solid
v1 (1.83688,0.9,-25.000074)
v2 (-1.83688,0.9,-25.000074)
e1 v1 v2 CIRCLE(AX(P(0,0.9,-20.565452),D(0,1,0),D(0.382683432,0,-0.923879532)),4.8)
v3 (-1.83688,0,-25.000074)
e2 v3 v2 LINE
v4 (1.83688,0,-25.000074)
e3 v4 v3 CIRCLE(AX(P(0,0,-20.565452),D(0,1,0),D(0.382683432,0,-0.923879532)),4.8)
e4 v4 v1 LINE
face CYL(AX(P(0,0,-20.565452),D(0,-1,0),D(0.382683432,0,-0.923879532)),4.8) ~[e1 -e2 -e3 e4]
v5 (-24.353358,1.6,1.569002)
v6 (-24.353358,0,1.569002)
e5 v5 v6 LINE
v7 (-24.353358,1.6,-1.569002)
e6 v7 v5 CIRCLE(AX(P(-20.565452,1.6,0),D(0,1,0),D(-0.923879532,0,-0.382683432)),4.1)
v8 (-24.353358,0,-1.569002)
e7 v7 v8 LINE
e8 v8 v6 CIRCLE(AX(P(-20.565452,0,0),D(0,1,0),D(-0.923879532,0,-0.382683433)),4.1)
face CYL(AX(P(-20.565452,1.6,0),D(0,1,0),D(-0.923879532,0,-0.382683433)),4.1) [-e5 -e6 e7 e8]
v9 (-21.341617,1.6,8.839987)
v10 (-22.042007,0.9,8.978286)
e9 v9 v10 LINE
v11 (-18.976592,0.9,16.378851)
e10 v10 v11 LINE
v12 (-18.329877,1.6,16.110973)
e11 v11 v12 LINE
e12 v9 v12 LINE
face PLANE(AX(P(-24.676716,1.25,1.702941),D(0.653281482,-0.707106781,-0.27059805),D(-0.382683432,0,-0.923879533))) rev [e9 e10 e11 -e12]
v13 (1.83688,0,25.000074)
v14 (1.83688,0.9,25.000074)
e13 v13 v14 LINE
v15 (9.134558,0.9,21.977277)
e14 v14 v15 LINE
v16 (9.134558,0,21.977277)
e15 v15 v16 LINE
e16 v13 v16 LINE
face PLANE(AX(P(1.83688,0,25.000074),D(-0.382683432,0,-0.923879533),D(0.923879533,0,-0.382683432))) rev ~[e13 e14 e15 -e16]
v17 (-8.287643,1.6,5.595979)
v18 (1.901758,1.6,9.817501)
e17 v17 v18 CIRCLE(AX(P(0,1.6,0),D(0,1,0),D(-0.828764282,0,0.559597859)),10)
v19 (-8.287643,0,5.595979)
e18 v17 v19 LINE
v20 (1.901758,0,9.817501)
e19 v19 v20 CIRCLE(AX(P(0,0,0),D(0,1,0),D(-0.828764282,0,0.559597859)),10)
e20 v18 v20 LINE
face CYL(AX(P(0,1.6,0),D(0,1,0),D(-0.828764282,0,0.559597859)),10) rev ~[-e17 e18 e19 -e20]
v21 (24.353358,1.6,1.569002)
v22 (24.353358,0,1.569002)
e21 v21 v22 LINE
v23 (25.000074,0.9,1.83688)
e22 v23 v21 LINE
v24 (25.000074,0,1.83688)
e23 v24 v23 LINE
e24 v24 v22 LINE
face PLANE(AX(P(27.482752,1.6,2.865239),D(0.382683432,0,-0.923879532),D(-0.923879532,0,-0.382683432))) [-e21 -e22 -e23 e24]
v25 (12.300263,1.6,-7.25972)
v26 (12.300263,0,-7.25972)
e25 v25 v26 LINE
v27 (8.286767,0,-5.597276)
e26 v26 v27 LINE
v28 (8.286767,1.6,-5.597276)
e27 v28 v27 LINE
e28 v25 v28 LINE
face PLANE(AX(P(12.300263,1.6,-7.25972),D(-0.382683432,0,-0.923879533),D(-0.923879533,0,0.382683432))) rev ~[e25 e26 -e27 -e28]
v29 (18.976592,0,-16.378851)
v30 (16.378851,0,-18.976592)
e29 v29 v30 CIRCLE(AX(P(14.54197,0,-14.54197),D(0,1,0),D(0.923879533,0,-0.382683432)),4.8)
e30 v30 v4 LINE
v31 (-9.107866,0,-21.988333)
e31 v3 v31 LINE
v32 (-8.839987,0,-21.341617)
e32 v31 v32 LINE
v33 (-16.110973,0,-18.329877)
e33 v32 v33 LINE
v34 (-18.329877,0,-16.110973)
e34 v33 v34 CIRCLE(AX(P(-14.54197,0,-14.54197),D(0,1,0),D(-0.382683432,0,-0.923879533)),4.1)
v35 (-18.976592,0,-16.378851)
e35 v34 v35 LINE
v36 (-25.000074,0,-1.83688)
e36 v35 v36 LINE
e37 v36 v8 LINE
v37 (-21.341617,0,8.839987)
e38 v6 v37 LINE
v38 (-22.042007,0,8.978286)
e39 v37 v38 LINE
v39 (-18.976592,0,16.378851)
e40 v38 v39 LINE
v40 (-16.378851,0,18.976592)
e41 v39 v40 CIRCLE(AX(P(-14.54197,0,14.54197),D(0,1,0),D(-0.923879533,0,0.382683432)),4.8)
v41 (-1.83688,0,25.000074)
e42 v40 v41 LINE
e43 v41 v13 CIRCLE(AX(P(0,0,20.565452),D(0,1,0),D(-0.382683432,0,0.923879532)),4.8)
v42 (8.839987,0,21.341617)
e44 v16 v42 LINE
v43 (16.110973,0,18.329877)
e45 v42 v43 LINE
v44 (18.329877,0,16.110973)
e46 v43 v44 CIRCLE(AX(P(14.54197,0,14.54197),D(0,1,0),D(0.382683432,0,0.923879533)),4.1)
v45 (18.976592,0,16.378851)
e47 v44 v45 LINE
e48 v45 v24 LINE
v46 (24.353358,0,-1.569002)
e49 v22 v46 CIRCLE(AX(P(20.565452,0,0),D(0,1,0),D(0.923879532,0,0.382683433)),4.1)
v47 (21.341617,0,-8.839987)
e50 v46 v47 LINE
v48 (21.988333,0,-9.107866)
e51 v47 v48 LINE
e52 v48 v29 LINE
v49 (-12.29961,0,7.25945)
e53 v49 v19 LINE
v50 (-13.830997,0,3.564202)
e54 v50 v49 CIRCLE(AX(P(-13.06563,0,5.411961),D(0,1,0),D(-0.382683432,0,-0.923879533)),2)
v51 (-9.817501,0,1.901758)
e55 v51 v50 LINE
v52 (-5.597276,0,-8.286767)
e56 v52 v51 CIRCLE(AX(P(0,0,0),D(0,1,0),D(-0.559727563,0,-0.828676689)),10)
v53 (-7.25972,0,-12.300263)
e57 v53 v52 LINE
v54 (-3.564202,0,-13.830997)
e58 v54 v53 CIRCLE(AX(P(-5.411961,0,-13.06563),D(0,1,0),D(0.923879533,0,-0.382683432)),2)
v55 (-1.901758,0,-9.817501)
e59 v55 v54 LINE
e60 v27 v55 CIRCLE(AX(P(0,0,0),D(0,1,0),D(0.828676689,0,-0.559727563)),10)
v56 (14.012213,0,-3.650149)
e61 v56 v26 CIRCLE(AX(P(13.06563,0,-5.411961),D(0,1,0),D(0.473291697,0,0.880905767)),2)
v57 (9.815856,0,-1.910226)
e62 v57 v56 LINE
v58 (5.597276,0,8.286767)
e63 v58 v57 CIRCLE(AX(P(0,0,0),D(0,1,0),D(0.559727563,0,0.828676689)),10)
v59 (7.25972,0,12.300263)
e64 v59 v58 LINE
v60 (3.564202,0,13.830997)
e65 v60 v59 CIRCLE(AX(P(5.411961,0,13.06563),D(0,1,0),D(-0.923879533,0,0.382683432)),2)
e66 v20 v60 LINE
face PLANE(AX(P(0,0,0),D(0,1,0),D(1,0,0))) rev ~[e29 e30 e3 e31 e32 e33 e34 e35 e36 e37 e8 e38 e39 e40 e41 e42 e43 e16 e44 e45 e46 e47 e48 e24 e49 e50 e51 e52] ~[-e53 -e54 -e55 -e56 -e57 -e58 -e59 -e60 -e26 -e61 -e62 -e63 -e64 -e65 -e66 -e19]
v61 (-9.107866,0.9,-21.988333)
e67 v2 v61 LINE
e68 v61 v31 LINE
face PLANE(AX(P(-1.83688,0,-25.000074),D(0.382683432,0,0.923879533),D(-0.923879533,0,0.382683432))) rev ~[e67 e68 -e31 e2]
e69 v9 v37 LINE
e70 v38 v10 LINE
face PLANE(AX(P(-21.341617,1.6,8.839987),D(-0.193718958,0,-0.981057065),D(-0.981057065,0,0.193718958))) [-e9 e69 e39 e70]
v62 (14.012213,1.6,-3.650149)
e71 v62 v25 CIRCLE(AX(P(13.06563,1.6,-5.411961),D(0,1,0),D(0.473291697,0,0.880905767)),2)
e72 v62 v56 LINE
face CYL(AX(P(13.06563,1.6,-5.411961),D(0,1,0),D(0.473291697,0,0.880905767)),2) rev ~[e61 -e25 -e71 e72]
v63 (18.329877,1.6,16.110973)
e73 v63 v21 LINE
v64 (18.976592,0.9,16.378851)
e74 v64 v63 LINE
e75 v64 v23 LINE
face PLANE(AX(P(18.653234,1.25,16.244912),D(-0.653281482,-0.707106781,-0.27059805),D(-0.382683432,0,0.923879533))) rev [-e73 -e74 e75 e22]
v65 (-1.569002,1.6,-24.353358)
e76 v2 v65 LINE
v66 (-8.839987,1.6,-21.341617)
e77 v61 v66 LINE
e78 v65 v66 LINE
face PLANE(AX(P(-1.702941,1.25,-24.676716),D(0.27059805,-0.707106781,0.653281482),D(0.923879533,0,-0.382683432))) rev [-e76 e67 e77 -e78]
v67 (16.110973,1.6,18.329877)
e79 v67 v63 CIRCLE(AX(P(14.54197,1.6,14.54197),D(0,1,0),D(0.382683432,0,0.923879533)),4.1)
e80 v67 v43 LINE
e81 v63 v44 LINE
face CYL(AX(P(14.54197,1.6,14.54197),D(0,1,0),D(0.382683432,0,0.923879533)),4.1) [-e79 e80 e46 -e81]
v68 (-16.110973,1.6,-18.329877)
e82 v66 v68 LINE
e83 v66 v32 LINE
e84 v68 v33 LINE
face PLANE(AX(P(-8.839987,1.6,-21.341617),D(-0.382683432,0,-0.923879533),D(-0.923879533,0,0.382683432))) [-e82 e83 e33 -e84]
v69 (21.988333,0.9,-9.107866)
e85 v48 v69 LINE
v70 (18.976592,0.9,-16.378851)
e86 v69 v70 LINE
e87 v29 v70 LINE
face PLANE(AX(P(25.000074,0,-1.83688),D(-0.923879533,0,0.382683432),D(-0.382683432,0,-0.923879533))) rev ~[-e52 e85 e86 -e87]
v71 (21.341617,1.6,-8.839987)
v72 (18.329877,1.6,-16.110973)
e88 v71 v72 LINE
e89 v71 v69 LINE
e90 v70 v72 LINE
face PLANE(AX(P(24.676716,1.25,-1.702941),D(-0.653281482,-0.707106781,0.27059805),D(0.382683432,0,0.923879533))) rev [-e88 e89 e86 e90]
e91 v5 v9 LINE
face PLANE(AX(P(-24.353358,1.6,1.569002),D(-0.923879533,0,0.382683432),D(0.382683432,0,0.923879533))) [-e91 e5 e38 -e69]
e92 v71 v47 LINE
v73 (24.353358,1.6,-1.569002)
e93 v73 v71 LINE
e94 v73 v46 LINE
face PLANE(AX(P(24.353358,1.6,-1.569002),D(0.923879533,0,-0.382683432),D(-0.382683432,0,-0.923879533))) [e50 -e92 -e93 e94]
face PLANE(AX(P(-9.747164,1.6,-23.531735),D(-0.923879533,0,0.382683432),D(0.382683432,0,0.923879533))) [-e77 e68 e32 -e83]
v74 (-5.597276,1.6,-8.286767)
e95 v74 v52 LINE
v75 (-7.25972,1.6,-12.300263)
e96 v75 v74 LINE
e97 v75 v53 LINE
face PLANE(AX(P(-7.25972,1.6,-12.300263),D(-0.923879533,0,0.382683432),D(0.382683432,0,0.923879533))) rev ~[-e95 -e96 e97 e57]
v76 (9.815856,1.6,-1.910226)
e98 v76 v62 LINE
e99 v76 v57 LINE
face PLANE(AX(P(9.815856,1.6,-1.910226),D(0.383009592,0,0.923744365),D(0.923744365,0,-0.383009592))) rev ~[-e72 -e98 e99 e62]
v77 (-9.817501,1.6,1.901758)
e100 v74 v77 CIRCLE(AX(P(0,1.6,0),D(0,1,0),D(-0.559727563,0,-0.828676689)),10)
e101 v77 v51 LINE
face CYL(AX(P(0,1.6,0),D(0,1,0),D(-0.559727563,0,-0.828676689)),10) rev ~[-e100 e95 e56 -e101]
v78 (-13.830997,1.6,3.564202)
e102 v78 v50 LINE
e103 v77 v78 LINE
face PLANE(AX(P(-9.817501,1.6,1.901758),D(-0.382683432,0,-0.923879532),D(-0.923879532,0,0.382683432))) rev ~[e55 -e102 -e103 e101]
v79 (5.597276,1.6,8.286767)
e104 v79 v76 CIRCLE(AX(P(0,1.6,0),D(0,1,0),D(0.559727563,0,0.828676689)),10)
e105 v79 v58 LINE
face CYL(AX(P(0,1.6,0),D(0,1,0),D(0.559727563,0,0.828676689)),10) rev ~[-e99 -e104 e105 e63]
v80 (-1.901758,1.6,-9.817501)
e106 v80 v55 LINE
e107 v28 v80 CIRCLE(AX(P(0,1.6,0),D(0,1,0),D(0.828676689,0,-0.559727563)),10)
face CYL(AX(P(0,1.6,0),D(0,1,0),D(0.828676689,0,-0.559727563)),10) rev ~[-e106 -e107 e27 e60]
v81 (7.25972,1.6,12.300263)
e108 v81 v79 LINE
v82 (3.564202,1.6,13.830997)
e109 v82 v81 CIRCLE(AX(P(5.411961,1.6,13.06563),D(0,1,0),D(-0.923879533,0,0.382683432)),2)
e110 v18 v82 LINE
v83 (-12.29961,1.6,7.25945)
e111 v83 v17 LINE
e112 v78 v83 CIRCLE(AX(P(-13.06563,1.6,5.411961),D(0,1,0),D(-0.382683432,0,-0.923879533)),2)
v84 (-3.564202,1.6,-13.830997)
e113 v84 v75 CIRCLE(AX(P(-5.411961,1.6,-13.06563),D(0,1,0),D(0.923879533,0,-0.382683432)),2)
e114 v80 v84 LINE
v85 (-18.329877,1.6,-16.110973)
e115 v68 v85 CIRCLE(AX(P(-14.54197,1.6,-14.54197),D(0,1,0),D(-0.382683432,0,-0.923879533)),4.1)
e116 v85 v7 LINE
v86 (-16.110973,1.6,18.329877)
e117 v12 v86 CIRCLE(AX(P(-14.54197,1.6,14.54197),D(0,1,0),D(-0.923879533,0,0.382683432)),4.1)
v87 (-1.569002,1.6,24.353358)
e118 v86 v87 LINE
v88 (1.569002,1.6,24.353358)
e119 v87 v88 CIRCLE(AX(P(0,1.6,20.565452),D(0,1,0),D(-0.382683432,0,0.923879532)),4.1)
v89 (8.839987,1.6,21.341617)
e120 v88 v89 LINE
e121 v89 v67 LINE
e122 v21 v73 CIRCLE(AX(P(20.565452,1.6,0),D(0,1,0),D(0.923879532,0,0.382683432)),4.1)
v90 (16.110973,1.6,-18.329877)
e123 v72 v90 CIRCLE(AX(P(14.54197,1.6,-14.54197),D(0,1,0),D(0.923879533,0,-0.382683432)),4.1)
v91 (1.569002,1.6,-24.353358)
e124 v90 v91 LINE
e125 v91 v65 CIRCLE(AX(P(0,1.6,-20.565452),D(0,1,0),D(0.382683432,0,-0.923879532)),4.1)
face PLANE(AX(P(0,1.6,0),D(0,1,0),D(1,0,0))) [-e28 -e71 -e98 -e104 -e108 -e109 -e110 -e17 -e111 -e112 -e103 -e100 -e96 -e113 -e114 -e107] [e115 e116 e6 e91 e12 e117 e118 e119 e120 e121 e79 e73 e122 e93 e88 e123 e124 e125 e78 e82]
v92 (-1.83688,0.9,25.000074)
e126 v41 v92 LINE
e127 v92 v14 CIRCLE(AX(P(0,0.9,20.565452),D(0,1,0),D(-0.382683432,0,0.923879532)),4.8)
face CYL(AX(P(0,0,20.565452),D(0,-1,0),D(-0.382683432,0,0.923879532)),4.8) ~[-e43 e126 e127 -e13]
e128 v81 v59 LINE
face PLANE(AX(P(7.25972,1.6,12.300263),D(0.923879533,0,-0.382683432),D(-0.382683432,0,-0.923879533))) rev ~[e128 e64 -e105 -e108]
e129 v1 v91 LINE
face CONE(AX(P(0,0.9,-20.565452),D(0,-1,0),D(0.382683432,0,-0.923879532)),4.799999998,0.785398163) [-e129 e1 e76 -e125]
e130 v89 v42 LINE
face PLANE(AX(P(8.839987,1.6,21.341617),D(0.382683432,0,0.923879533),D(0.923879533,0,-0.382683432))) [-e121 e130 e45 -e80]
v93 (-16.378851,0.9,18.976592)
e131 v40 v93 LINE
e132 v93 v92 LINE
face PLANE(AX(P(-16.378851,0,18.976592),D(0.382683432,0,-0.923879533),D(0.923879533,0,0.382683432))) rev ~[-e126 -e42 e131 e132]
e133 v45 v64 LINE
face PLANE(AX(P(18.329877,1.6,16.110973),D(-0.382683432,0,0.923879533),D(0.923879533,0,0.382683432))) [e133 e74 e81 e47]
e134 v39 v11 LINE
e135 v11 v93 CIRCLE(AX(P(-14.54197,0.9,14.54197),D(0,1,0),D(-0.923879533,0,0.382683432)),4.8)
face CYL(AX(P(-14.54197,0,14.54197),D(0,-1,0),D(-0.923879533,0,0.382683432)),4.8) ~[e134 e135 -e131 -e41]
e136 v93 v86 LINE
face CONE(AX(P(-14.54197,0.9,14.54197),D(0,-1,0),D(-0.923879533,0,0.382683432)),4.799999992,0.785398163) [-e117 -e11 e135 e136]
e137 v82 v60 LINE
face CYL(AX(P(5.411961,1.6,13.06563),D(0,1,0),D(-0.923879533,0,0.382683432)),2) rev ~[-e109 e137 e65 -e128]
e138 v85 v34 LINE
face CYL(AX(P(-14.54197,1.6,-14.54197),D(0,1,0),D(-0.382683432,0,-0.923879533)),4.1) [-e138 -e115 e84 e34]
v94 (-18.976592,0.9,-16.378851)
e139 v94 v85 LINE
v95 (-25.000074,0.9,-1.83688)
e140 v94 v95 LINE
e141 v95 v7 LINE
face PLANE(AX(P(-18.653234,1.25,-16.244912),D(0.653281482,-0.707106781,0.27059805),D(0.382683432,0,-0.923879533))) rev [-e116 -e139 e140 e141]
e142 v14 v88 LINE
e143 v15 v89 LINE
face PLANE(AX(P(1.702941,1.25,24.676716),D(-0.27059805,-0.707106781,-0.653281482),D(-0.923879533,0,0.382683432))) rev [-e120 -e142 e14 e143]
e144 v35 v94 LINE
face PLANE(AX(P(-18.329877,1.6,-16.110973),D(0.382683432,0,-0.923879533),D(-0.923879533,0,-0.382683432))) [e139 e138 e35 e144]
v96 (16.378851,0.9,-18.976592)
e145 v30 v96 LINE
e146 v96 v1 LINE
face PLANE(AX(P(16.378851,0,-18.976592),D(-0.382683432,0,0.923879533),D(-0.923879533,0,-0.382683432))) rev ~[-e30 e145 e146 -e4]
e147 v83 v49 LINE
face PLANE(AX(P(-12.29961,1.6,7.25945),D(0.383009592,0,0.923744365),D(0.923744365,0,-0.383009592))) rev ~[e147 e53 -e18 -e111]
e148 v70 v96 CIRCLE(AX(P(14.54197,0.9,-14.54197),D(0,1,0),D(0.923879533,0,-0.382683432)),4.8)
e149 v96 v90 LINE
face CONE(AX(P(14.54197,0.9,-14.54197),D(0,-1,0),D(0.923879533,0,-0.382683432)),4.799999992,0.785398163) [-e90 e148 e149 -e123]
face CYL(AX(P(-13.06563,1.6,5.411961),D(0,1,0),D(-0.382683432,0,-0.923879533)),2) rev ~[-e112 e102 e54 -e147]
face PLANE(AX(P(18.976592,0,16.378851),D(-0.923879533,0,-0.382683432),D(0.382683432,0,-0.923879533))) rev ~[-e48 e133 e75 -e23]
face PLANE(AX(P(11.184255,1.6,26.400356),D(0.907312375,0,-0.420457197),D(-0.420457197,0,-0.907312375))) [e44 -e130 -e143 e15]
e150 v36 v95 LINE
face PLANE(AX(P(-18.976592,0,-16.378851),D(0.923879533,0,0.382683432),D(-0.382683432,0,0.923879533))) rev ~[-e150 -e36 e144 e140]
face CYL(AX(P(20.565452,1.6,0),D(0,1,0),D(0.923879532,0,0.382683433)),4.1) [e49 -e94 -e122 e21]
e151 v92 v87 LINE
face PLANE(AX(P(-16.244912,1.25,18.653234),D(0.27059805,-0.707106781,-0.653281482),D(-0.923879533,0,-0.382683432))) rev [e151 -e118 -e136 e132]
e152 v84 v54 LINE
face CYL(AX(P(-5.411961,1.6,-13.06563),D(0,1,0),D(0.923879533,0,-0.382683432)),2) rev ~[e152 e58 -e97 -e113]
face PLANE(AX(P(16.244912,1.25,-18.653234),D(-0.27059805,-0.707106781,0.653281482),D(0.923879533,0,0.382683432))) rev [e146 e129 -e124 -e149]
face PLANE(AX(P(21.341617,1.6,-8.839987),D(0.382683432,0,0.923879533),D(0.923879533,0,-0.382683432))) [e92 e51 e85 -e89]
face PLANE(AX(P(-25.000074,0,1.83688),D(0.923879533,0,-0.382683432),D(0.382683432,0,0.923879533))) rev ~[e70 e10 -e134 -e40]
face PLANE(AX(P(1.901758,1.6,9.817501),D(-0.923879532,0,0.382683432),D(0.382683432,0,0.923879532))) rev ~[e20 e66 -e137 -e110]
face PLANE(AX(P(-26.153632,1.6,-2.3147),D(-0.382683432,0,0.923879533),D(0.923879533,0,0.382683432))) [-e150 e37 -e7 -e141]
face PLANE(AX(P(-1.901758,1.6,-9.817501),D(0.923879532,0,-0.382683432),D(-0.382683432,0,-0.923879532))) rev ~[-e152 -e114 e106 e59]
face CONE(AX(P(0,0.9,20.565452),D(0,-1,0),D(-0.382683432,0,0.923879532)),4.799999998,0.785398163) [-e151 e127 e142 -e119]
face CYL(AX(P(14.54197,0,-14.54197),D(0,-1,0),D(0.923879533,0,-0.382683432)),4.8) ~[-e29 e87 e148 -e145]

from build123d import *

# Parameters (mm, degrees)
BOSS_EXTRUDE1_DEPTH = 1.6
CHAMFER1_SIZE       = 0.7
CUT_EXTRUDE1_DEPTH  = 10
CUT_EXTRUDE2_DEPTH  = 10


with BuildPart() as part:
    # Sketch1 → Boss-Extrude1 (new body)
    with BuildSketch(Plane(origin=(0, 0, 0), x_dir=(1, 0, 0), z_dir=(0, 1, 0))):
        with BuildLine():
            Line((-9.10786569, -21.988332874), (-1.836880475, -25.000073562))
            ThreePointArc((-1.836880475, -25.000073562), (0, -25.365451806), (1.836880475, -25.000073562))
            Line((1.836880475, -25.000073562), (16.378850905, -18.976592186))
            ThreePointArc((16.378850905, -18.976592186), (17.93608298, -17.93608298), (18.976592186, -16.378850905))
            Line((18.976592186, -16.378850905), (25.000073562, -1.836880475))
            ThreePointArc((25.000073562, -1.836880475), (25.365451806, 0), (25.000073562, 1.836880475))
            Line((25.000073562, 1.836880475), (18.976592186, 16.378850905))
            ThreePointArc((18.976592186, 16.378850905), (17.93608298, 17.93608298), (16.378850905, 18.976592186))
            Line((16.378850905, 18.976592186), (1.836880475, 25.000073562))
            ThreePointArc((1.836880475, 25.000073562), (0, 25.365451806), (-1.836880475, 25.000073562))
            Line((-1.836880475, 25.000073562), (-16.378850905, 18.976592186))
            ThreePointArc((-16.378850905, 18.976592186), (-17.93608298, 17.93608298), (-18.976592186, 16.378850905))
            Line((-18.976592186, 16.378850905), (-25.000073562, 1.836880475))
            ThreePointArc((-25.000073562, 1.836880475), (-25.365451806, 0), (-25.000073562, -1.836880475))
            Line((-25.000073562, -1.836880475), (-18.976592186, -16.378850905))
            ThreePointArc((-18.976592186, -16.378850905), (-17.93608298, -17.93608298), (-16.378850905, -18.976592186))
            Line((-16.378850905, -18.976592186), (-9.10786569, -21.988332874))
        make_face()
    extrude(amount=BOSS_EXTRUDE1_DEPTH)

    # Chamfer1
    chamfer1_edges = [part.edges().sort_by_distance(p)[0] for p in [
        (0, 1.6, 25.365451806),
        (9.10786569, 1.6, 21.988332874),
        (17.93608298, 1.6, 17.93608298),
        (21.988332874, 1.6, 9.10786569),
        (25.365451806, 1.6, 0),
        (21.988332874, 1.6, -9.10786569),
        (17.93608298, 1.6, -17.93608298),
        (9.10786569, 1.6, -21.988332874),
        (0, 1.6, -25.365451806),
        (-9.10786569, 1.6, -21.988332874),
        (-9.10786569, 1.6, 21.988332874),
        (-17.93608298, 1.6, -17.93608298),
        (-21.988332874, 1.6, -9.10786569),
        (-25.365451806, 1.6, 0),
        (-21.988332874, 1.6, 9.10786569),
        (-17.93608298, 1.6, 17.93608298),
    ]]
    chamfer(chamfer1_edges, length=CHAMFER1_SIZE)

    # Sketch3 → Cut-Extrude1 (cut)
    with BuildSketch(Plane(origin=(0, 1.6, 0), x_dir=(1, 0, 0), z_dir=(0, 1, 0))):
        with BuildLine():
            Line((11.184254927, -26.400355762), (8.839987288, -21.341617201))
            Line((8.839987288, -21.341617201), (16.110972503, -18.329876513))
            ThreePointArc((16.110972503, -18.329876513), (17.441108233, -17.441108233), (18.329876513, -16.110972503))
            Line((18.329876513, -16.110972503), (20.565451806, -17.036978108))
            Line((20.565451806, -17.036978108), (27.482751604, -2.865239392))
            Line((27.482751604, -2.865239392), (24.353357889, -1.569002073))
            ThreePointArc((24.353357889, -1.569002073), (24.665451806, 0), (24.353357889, 1.569002073))
            Line((24.353357889, 1.569002073), (21.341617201, 8.839987288))
            Line((21.341617201, 8.839987288), (23.946233788, 9.918854803))
            Line((23.946233788, 9.918854803), (36.794025395, -9.102301388))
            Line((36.794025395, -9.102301388), (11.184254927, -26.400355762))
        make_face()
        with BuildLine():
            Line((-8.839987288, 21.341617201), (-16.110972503, 18.329876513))
            ThreePointArc((-16.110972503, 18.329876513), (-17.441108233, 17.441108233), (-18.329876513, 16.110972503))
            Line((-18.329876513, 16.110972503), (-20.565451806, 17.036978108))
            Line((-20.565451806, 17.036978108), (-26.15363219, 2.314700104))
            Line((-26.15363219, 2.314700104), (-24.353357889, 1.569002073))
            ThreePointArc((-24.353357889, 1.569002073), (-24.665451806, 0), (-24.353357889, -1.569002073))
            Line((-24.353357889, -1.569002073), (-21.341617201, -8.839987288))
            Line((-21.341617201, -8.839987288), (-32.211044195, -10.986258031))
            Line((-32.211044195, -10.986258031), (-37.928163695, 17.967131565))
            Line((-37.928163695, 17.967131565), (-9.747163954, 23.531735412))
            Line((-9.747163954, 23.531735412), (-8.839987288, 21.341617201))
        make_face()
    extrude(amount=-CUT_EXTRUDE1_DEPTH, mode=Mode.SUBTRACT)

    # Sketch4 → Cut-Extrude2 (cut)
    with BuildSketch(Plane(origin=(0, 1.6, 0), x_dir=(1, 0, 0), z_dir=(0, 1, 0))):
        with BuildLine():
            Line((-7.259720066, 12.300262784), (-5.597275634, 8.286766889))
            ThreePointArc((-5.597275634, 8.286766889), (-9.238795325, 3.826834324), (-9.817500619, -1.901757504))
            Line((-9.817500619, -1.901757504), (-13.830996513, -3.564201936))
            ThreePointArc((-13.830996513, -3.564201936), (-14.913253575, -6.177654038), (-12.299610465, -7.259449732))
            Line((-12.299610465, -7.259449732), (-8.287642823, -5.595978595))
            ThreePointArc((-8.287642823, -5.595978595), (-3.827557299, -9.238495826), (1.901757504, -9.817500619))
            Line((1.901757504, -9.817500619), (3.564201936, -13.830996513))
            ThreePointArc((3.564201936, -13.830996513), (6.177327866, -14.913388714), (7.259720066, -12.300262784))
            Line((7.259720066, -12.300262784), (5.597275634, -8.286766889))
            ThreePointArc((5.597275634, -8.286766889), (9.240445033, -3.822849145), (9.815856456, 1.910225649))
            Line((9.815856456, 1.910225649), (14.012213043, 3.650149468))
            ThreePointArc((14.012213043, 3.650149468), (14.872687986, 6.269014189), (12.300262784, 7.259720066))
            Line((12.300262784, 7.259720066), (8.286766889, 5.597275634))
            ThreePointArc((8.286766889, 5.597275634), (3.826834324, 9.238795325), (-1.901757504, 9.817500619))
            Line((-1.901757504, 9.817500619), (-3.564201936, 13.830996513))
            ThreePointArc((-3.564201936, 13.830996513), (-6.177327866, 14.913388714), (-7.259720066, 12.300262784))
        make_face()
    extrude(amount=-CUT_EXTRUDE2_DEPTH, mode=Mode.SUBTRACT)


solid = part.part
